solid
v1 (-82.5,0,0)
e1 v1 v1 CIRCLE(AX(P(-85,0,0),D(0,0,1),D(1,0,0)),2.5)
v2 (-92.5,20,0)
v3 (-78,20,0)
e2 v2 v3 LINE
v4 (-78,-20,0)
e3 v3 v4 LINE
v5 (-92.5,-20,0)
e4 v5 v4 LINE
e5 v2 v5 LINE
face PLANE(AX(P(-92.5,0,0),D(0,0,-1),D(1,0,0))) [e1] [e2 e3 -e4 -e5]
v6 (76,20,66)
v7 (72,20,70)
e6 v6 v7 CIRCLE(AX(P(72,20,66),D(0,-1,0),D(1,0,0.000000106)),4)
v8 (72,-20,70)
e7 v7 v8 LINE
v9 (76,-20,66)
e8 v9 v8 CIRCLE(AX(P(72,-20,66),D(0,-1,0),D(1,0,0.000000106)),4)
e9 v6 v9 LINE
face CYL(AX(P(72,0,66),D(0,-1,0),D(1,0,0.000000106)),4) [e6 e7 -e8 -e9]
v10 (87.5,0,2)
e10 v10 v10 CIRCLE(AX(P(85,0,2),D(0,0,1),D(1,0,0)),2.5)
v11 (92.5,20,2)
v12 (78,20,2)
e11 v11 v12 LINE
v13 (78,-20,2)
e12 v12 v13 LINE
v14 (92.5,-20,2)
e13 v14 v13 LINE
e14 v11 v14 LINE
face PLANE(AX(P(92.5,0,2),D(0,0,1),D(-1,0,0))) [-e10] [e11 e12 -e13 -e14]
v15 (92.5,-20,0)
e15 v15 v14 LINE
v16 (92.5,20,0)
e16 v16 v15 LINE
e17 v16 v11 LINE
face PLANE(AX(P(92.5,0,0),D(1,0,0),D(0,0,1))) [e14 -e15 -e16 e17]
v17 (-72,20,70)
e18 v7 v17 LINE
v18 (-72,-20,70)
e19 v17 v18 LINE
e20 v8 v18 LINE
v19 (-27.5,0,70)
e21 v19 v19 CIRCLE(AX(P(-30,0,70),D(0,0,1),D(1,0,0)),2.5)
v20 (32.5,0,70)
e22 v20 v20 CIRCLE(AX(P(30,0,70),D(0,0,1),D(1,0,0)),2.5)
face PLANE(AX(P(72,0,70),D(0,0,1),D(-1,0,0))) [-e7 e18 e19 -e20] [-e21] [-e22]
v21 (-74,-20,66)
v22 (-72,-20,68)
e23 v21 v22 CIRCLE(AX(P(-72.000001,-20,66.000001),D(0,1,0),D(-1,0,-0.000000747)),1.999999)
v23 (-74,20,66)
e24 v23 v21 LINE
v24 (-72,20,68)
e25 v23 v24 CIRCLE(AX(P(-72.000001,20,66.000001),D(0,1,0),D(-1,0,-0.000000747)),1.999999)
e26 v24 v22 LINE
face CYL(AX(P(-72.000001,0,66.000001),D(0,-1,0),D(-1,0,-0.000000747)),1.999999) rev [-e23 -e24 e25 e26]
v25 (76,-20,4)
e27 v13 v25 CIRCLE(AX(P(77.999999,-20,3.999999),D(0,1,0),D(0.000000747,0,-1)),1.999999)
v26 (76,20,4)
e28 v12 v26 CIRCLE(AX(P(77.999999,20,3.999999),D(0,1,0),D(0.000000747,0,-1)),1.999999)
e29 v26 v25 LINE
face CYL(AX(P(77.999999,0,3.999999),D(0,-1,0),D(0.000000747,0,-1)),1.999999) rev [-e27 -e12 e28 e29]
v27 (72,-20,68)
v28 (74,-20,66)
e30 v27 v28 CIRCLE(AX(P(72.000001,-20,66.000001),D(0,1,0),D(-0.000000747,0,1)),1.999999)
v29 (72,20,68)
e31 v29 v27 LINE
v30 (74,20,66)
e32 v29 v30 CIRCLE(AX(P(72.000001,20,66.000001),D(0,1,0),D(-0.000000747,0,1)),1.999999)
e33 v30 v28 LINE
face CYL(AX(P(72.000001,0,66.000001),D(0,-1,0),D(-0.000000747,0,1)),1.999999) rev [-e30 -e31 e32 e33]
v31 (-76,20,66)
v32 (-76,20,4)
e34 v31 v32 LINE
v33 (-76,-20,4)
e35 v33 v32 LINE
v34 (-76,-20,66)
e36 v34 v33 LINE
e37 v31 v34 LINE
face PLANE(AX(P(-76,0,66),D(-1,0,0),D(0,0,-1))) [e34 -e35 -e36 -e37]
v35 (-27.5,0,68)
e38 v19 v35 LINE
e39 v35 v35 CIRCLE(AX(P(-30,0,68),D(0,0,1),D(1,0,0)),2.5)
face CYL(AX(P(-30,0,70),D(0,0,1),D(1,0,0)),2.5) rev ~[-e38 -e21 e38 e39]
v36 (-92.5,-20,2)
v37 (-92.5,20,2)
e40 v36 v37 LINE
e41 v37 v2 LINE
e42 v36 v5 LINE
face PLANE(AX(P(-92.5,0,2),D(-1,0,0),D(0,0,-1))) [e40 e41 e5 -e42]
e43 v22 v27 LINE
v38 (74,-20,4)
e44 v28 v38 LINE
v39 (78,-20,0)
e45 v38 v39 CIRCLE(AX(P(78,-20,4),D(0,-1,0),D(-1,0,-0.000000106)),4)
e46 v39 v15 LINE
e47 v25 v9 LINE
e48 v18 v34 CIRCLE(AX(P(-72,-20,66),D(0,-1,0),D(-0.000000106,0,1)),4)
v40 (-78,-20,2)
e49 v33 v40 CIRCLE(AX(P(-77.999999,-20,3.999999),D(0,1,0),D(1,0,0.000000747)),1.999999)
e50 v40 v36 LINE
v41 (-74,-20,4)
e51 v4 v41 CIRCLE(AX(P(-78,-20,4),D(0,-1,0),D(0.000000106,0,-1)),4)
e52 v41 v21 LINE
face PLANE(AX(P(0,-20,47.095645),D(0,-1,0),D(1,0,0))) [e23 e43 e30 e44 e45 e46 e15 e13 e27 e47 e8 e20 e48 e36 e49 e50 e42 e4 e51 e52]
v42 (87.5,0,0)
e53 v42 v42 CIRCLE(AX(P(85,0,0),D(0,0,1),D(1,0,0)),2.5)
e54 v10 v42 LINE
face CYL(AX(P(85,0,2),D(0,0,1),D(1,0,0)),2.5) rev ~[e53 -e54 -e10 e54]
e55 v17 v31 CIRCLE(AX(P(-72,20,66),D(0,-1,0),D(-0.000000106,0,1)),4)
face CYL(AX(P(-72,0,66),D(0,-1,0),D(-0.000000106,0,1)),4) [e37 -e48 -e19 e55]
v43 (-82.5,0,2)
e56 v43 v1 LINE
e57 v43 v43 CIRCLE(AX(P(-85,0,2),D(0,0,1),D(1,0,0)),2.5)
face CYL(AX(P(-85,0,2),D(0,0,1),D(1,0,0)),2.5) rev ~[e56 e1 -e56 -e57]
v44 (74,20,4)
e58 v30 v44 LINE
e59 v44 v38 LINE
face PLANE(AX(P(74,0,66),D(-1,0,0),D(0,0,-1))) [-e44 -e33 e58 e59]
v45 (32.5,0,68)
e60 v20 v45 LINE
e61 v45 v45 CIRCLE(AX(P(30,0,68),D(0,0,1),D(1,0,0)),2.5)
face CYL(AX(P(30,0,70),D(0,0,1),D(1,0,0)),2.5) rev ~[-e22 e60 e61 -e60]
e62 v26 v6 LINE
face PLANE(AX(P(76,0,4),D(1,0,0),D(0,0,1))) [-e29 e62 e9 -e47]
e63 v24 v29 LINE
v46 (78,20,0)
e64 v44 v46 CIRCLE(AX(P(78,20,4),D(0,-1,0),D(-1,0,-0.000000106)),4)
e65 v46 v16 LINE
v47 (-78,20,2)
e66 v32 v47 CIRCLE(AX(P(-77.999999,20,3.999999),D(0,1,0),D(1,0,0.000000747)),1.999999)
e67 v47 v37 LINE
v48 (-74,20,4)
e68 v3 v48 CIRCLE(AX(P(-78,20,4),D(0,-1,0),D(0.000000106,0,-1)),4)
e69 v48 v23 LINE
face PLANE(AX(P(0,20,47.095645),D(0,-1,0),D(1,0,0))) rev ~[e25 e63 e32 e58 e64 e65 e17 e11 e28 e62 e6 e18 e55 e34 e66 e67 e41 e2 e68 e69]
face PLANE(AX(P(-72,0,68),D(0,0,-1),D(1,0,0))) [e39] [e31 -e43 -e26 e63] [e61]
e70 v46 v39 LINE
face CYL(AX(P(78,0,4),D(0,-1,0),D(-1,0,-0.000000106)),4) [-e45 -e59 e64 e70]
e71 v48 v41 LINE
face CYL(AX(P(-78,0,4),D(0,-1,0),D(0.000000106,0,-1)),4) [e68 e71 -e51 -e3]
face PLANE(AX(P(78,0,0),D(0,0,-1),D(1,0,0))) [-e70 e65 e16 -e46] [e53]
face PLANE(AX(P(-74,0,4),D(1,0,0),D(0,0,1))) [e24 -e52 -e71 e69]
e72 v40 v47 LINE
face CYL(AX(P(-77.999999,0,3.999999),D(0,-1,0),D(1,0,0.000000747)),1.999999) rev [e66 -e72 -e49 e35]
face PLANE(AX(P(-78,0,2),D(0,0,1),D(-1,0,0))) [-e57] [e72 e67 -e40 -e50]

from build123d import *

# Parameters (mm, degrees)
F1_DEPTH = 20
F2_R     = 2.5
F3_DEPTH = 2.001
F4_R     = 2.5
F5_DEPTH = 25


with BuildPart() as f1:
    # F0 (on Front) → F1 (new body, symmetric)
    with BuildSketch(Plane.XZ):
        with BuildLine():
            Line((-92.5, 2), (-92.5, 0))
            Line((-92.5, 0), (-78, 0))
            ThreePointArc((-78, 0), (-75.171573, 1.171573), (-74, 4))
            Line((-74, 4), (-74, 66))
            ThreePointArc((-74, 66), (-73.414214, 67.414214), (-72, 68))
            Line((-72, 68), (0, 68))
            Line((0, 68), (72, 68))
            ThreePointArc((72, 68), (73.414214, 67.414214), (74, 66))
            Line((74, 66), (74, 4))
            ThreePointArc((74, 4), (75.171573, 1.171573), (78, 0))
            Line((78, 0), (92.5, 0))
            Line((92.5, 0), (92.5, 2))
            Line((92.5, 2), (78, 2))
            ThreePointArc((78, 2), (76.585786, 2.585786), (76, 4))
            Line((76, 4), (76, 66))
            ThreePointArc((76, 66), (74.828427, 68.828427), (72, 70))
            Line((72, 70), (0, 70))
            Line((0, 70), (-72, 70))
            ThreePointArc((-72, 70), (-74.828427, 68.828427), (-76, 66))
            Line((-76, 66), (-76, 4))
            ThreePointArc((-76, 4), (-76.585786, 2.585786), (-78, 2))
            Line((-78, 2), (-92.5, 2))
        make_face()
    extrude(amount=F1_DEPTH, both=True)

    # F2 (on face) → F3 (cut, through all)
    with BuildSketch(Plane.XY.offset(2)):
        with Locations((-85, 0)):
            Circle(F2_R)
        with Locations((85, 0)):
            Circle(F2_R)
    extrude(amount=-F3_DEPTH, mode=Mode.SUBTRACT)

    # F4 (on face) → F5 (cut)
    with BuildSketch(Plane.XY.offset(70)):
        with Locations((-30, 0)):
            Circle(F4_R)
        with Locations((30, 0)):
            Circle(F4_R)
    extrude(amount=-F5_DEPTH, mode=Mode.SUBTRACT)


solid = f1.part
